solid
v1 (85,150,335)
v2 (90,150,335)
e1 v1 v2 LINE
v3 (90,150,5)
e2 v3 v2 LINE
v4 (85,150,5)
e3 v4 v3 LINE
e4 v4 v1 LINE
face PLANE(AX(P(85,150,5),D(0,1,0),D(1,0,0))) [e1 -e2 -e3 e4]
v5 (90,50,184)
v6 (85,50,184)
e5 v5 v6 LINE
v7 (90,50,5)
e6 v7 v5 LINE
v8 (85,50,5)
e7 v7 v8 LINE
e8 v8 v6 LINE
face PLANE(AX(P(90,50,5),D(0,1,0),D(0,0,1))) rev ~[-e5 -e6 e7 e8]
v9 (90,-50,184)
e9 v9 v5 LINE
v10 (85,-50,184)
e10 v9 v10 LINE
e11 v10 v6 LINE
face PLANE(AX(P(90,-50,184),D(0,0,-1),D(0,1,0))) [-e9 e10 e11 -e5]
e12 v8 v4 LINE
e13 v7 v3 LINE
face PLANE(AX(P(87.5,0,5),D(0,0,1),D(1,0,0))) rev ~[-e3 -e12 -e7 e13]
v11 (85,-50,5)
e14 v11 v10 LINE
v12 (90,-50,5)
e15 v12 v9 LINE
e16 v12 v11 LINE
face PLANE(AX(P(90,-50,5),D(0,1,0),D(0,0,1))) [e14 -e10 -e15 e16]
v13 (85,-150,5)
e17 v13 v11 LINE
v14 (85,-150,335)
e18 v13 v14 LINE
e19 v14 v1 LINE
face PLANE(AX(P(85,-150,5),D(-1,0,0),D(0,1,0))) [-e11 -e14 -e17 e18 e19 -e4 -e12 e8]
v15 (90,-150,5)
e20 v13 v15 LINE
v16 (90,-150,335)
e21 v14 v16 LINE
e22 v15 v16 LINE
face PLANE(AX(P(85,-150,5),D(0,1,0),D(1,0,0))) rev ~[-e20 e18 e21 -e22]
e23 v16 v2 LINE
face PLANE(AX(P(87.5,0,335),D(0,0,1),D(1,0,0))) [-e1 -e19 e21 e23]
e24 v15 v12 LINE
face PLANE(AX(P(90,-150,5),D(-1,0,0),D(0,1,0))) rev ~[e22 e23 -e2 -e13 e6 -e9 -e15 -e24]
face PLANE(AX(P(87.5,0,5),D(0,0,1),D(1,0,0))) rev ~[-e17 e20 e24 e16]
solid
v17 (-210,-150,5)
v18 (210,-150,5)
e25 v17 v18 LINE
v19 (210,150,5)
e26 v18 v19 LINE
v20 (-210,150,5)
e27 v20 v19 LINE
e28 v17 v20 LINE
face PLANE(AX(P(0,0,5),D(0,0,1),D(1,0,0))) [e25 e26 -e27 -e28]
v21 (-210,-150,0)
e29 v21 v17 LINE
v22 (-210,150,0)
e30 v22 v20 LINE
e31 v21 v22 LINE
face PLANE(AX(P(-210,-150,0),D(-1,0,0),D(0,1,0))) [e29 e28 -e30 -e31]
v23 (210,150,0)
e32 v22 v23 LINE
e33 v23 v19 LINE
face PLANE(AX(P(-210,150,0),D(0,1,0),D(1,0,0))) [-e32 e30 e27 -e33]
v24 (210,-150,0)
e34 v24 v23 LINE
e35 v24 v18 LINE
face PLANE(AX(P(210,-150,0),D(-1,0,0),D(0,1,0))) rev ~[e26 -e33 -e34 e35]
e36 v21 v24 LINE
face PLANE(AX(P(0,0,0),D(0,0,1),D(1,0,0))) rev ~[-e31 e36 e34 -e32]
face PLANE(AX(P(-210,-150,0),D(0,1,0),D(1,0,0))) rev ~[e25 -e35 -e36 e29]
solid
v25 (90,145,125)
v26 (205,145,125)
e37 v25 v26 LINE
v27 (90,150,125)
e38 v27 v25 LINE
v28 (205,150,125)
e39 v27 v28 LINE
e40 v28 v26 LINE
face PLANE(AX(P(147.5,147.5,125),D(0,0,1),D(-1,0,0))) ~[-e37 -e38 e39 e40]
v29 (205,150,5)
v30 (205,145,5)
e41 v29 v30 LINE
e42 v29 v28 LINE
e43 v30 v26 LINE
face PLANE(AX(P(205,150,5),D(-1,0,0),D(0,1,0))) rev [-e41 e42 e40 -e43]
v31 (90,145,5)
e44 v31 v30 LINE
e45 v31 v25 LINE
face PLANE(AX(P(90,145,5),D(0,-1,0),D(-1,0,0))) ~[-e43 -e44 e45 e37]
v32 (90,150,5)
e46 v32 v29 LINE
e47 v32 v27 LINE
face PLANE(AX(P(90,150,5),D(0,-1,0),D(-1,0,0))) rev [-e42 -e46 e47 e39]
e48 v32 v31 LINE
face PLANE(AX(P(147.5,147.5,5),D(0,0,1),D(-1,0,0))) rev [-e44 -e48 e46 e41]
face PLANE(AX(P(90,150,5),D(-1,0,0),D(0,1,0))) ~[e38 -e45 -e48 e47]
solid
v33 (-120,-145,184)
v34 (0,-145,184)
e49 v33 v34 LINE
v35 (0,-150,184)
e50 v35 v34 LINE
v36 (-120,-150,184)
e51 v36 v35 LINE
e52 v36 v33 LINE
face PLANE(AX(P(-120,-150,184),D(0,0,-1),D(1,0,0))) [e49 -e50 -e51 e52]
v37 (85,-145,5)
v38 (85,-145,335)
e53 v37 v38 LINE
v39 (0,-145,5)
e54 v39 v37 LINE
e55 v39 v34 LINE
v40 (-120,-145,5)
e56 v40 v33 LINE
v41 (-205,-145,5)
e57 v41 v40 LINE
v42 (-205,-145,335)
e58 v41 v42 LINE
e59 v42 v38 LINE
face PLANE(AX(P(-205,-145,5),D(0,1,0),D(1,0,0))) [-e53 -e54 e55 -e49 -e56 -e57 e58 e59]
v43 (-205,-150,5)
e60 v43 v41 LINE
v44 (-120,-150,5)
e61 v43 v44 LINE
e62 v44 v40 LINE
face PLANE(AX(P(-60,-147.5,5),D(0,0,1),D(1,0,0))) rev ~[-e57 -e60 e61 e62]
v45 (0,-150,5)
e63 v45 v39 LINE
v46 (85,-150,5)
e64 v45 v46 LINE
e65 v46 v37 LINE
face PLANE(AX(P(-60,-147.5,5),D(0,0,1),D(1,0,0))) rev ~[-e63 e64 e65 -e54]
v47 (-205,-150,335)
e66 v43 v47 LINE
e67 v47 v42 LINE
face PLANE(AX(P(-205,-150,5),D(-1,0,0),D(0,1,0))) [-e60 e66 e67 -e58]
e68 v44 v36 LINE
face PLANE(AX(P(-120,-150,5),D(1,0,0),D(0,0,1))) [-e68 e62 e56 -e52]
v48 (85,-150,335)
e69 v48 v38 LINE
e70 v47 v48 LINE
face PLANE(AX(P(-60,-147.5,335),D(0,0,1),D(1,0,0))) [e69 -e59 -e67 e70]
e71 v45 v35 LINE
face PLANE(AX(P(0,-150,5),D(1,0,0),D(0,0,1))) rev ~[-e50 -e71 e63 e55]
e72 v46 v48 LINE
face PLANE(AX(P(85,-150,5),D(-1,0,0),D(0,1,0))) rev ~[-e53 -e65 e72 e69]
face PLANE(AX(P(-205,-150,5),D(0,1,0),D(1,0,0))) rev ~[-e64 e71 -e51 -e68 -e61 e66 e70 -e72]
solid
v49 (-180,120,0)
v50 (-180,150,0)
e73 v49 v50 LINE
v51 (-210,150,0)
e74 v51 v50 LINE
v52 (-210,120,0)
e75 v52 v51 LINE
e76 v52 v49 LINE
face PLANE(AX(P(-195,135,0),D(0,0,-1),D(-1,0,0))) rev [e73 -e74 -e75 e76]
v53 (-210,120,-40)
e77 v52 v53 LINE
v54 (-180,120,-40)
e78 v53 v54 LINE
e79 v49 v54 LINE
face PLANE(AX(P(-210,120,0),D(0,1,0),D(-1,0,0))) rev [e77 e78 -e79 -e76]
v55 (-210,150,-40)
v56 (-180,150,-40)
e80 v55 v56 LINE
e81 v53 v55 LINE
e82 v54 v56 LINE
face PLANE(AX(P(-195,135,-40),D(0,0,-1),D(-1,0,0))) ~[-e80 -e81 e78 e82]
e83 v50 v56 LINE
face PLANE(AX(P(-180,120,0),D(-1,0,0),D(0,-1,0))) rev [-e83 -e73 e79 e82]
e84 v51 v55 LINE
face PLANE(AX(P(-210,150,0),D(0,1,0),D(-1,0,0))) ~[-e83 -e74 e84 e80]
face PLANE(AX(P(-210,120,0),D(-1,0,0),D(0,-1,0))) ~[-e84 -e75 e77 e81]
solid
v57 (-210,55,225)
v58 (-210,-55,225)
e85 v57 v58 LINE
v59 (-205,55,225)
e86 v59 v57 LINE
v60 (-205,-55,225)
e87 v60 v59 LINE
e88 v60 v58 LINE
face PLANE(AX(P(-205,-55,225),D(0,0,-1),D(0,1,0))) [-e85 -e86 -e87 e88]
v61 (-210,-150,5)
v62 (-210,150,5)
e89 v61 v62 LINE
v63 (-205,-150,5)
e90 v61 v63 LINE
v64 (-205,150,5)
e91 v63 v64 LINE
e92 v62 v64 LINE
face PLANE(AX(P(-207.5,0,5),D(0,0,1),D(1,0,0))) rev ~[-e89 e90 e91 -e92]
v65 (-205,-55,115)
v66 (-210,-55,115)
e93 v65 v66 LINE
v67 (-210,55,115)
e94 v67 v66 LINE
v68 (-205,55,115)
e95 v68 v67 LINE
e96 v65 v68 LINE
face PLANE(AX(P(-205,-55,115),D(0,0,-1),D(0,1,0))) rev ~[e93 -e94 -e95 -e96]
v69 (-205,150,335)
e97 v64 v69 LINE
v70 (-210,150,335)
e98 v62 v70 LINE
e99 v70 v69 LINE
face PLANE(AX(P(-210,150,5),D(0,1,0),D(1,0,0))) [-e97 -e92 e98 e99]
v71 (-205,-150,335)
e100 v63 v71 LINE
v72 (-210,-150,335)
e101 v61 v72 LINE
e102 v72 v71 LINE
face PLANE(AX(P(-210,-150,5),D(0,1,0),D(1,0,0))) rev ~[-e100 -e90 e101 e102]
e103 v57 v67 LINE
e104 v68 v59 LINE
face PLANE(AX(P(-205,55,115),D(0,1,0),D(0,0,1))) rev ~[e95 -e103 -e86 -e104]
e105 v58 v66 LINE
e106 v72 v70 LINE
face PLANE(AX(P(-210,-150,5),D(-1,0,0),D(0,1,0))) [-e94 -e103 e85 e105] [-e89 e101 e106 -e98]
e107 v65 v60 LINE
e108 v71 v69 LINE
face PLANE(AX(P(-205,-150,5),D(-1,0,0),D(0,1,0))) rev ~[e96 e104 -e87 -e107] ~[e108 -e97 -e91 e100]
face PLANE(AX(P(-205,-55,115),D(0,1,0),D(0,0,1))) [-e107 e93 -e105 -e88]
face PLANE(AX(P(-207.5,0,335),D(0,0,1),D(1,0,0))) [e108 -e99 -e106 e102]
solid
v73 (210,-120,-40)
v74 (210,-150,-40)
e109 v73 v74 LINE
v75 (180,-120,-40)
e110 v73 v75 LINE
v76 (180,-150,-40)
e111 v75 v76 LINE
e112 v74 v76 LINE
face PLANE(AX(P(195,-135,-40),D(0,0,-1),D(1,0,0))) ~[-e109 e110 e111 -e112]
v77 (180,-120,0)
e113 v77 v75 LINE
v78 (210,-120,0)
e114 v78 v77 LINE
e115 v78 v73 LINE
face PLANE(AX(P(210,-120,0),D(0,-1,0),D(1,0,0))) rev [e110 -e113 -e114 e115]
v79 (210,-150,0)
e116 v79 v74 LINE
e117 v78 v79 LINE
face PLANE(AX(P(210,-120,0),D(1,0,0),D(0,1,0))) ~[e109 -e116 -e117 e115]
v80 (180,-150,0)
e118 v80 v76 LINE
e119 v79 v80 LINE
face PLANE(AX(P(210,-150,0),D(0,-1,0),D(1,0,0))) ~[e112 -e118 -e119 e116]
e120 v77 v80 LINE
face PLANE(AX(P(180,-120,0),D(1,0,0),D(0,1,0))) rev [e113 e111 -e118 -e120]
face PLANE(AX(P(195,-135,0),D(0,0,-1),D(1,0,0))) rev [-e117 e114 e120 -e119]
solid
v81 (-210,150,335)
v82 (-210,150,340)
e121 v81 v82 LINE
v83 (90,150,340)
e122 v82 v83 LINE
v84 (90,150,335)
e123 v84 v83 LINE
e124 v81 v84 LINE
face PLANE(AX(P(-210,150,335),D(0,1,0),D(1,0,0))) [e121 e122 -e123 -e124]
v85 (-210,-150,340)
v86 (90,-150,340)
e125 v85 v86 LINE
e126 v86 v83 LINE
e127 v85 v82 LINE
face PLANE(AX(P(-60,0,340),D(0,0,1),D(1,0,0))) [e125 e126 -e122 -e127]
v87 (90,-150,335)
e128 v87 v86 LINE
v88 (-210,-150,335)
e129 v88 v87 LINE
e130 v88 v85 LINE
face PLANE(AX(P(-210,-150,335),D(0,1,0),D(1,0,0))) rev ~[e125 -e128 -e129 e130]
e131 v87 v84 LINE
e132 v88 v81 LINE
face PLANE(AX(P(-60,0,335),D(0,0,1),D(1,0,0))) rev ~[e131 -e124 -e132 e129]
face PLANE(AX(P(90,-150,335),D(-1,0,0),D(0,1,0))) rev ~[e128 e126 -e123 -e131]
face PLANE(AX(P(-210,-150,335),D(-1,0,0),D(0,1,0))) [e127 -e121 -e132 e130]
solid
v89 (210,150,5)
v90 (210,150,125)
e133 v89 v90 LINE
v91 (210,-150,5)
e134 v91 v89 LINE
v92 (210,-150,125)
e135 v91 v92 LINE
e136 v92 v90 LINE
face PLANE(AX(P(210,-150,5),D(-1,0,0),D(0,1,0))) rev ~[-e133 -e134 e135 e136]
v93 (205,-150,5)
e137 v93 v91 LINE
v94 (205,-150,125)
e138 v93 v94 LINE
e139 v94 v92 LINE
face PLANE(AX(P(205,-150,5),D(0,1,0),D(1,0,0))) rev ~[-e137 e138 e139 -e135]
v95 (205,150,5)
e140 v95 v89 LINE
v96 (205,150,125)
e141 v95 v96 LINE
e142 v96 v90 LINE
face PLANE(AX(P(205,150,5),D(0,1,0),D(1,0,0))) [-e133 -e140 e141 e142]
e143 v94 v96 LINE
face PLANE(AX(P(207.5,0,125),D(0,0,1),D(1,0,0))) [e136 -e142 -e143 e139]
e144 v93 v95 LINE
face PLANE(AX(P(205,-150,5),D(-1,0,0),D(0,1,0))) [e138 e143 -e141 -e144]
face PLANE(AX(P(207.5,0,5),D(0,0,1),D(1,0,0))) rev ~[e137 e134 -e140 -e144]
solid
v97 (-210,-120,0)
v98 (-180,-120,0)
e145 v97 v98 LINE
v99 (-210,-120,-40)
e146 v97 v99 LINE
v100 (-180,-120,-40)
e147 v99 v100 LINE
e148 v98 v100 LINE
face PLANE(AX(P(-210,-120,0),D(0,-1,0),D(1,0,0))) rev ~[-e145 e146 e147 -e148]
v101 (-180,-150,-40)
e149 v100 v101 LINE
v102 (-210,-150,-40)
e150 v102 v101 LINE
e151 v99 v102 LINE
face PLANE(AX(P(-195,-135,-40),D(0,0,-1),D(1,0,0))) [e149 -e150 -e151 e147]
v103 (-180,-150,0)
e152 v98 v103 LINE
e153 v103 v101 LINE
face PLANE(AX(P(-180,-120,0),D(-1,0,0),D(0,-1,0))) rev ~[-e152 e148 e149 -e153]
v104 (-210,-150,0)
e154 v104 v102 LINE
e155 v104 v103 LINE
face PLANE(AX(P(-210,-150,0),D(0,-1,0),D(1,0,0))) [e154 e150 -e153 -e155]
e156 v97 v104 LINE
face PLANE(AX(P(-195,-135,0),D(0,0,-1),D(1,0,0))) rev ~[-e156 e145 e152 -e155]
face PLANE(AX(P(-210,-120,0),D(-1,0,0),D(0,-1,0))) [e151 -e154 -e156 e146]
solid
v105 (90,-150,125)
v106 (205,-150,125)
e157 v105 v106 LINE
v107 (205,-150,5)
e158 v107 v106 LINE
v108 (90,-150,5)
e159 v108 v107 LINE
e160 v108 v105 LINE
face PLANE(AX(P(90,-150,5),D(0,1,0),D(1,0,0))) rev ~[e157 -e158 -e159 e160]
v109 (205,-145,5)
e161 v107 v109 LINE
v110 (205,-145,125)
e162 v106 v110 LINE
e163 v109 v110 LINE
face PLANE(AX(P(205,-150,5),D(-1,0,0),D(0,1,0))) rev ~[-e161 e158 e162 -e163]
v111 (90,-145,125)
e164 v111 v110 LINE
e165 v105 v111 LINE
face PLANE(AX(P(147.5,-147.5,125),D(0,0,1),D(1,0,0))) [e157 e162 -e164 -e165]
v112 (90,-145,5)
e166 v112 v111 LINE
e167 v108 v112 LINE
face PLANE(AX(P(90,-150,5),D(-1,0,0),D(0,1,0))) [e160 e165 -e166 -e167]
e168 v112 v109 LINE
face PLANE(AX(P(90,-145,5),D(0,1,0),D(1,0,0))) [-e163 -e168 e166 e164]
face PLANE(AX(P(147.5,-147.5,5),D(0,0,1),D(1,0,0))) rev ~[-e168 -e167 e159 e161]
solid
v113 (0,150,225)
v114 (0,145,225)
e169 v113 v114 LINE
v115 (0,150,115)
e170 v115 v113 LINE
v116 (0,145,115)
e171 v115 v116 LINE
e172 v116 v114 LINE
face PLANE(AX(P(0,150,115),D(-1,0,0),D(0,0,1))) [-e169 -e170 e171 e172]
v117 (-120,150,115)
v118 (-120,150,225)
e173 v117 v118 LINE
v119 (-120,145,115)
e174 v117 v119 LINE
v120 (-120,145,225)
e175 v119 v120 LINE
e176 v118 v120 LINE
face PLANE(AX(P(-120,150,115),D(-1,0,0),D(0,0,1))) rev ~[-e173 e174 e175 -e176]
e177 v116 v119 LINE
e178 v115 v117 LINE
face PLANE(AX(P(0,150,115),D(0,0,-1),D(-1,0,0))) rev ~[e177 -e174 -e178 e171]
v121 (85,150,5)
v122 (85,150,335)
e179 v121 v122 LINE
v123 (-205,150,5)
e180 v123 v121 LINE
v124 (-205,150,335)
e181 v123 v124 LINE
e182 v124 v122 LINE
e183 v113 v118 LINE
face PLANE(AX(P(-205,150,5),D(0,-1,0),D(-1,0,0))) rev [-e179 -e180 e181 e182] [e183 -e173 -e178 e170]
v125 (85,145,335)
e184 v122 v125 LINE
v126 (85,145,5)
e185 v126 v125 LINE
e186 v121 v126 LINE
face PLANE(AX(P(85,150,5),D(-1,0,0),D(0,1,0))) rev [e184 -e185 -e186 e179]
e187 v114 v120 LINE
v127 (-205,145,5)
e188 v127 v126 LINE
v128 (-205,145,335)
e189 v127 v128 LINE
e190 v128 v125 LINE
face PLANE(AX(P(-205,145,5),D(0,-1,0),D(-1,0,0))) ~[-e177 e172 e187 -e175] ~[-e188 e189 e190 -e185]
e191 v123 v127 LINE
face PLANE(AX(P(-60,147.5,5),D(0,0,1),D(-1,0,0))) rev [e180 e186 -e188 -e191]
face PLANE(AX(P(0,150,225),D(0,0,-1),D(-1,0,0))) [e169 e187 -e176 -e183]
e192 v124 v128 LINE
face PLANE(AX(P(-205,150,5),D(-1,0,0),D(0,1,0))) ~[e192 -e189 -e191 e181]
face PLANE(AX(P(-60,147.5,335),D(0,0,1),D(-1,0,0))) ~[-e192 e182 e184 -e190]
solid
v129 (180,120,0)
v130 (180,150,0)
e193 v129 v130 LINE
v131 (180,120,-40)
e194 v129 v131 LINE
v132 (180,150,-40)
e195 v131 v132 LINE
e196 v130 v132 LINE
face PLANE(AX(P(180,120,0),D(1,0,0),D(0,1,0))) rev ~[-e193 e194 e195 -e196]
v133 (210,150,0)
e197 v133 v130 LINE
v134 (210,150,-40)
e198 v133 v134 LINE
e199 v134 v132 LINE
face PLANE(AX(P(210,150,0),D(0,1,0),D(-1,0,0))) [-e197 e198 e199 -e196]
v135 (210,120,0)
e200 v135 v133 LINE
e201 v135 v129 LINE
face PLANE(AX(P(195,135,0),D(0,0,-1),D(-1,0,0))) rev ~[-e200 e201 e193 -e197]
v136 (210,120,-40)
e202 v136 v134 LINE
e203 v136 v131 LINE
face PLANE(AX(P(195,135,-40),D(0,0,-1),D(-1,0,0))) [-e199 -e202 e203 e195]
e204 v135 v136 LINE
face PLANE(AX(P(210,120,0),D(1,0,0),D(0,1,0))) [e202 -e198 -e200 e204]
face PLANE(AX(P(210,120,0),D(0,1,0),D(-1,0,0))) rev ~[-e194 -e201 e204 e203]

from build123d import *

# Parameters (mm, degrees)
F0_W      = 420
F0_H      = 300
F1_DEPTH  = 5
F2_W      = 30
F2_H      = 30
F3_DEPTH  = 40
F6_W      = 5
F6_H      = 300
F7_DEPTH  = 330
F8_W      = 5
F8_H      = 300
F9_DEPTH  = 330
F10_W     = 290
F10_H     = 5
F11_DEPTH = 330
F13_W     = 100
F13_H     = 179
F14_DEPTH = 5
F15_W     = 5
F15_H     = 300
F16_DEPTH = 120
F17_W     = 115
F17_H     = 5
F18_DEPTH = 120
F20_W     = 300
F20_H     = 300
F21_DEPTH = 5
F22_W     = 120
F22_H     = 179
F23_DEPTH = 5
F24_W     = 110
F24_H     = 110
F25_DEPTH = 25
F26_W     = 120
F26_H     = 110
F27_DEPTH = 5


with BuildPart() as f1:
    # F0 (on Top) → F1 (new body)
    with BuildSketch(Plane.XY):
        Rectangle(F0_W, F0_H)
    extrude(amount=F1_DEPTH)


with BuildPart() as f3:
    # F2 (on face) → F3 (new body)
    with BuildSketch(Plane(origin=(0, 0, 0), x_dir=(1, 0, 0), z_dir=(0, 0, -1))):
        with Locations((-195, 135)):
            Rectangle(F2_W, F2_H)
    extrude(amount=F3_DEPTH)


with BuildPart() as f4_1:
    # F4: instance of F3
    add(f3.part.mirror(Plane.XZ))


with BuildPart() as f5_1:
    # F5: instance of F3
    add(f3.part.mirror(Plane.YZ))


with BuildPart() as f5_2:
    # F5: instance of F4_1
    add(f4_1.part.mirror(Plane.YZ))


with BuildPart() as f7:
    # F6 (on face) → F7 (new body)
    with BuildSketch(Plane.XY.offset(5)):
        with Locations((-207.5, 0)):
            Rectangle(F6_W, F6_H)
    extrude(amount=F7_DEPTH)

    # F24 (on face) → F25 (cut)
    with BuildSketch(Plane.YZ.offset(-205)):
        with Locations((0, 170)):
            Rectangle(F24_W, F24_H)
    extrude(amount=-F25_DEPTH, mode=Mode.SUBTRACT)


with BuildPart() as f9:
    # F8 (on face) → F9 (new body, through all)
    with BuildSketch(Plane.XY.offset(5)):
        with Locations((87.5, 0)):
            Rectangle(F8_W, F8_H)
    extrude(amount=F9_DEPTH)

    # F13 (on face) → F14 (cut, through all)
    with BuildSketch(Plane.YZ.offset(90)):
        with Locations((0, 94.5)):
            Rectangle(F13_W, F13_H)
    extrude(amount=-F14_DEPTH, mode=Mode.SUBTRACT)


with BuildPart() as f11:
    # F10 (on face) → F11 (new body, through all)
    with BuildSketch(Plane.XY.offset(5)):
        with Locations((-60, -147.5)):
            Rectangle(F10_W, F10_H)
    extrude(amount=F11_DEPTH)


with BuildPart() as f12_1:
    # F12: instance of F11
    add(f11.part.mirror(Plane.XZ))

    # F26 (on face) → F27 (cut, through all)
    with BuildSketch(Plane(origin=(0, 150, 0), x_dir=(-1, 0, 0), z_dir=(0, 1, 0))):
        with Locations((60, 170)):
            Rectangle(F26_W, F26_H)
    extrude(amount=-F27_DEPTH, mode=Mode.SUBTRACT)


with BuildPart() as f16:
    # F15 (on face) → F16 (new body)
    with BuildSketch(Plane.XY.offset(5)):
        with Locations((207.5, 0)):
            Rectangle(F15_W, F15_H)
    extrude(amount=F16_DEPTH)


with BuildPart() as f18:
    # F17 (on face) → F18 (new body, through all)
    with BuildSketch(Plane.XY.offset(5)):
        with Locations((147.5, -147.5)):
            Rectangle(F17_W, F17_H)
    extrude(amount=F18_DEPTH)


with BuildPart() as f19_1:
    # F19: instance of F18
    add(f18.part.mirror(Plane.XZ))


with BuildPart() as f21:
    # F20 (on face) → F21 (new body)
    with BuildSketch(Plane.XY.offset(335)):
        with Locations((-60, 0)):
            Rectangle(F20_W, F20_H)
    extrude(amount=F21_DEPTH)


with BuildPart() as f11_1:
    add(f11.part)

    # F22 (on face) → F23 (cut, through all)
    with BuildSketch(Plane.XZ.offset(150)):
        with Locations((-60, 94.5)):
            Rectangle(F22_W, F22_H)
    extrude(amount=-F23_DEPTH, mode=Mode.SUBTRACT)


solid = Compound([f1.part, f3.part, f4_1.part, f5_1.part, f5_2.part, f7.part, f9.part, f12_1.part, f16.part, f18.part, f19_1.part, f21.part, f11_1.part])
